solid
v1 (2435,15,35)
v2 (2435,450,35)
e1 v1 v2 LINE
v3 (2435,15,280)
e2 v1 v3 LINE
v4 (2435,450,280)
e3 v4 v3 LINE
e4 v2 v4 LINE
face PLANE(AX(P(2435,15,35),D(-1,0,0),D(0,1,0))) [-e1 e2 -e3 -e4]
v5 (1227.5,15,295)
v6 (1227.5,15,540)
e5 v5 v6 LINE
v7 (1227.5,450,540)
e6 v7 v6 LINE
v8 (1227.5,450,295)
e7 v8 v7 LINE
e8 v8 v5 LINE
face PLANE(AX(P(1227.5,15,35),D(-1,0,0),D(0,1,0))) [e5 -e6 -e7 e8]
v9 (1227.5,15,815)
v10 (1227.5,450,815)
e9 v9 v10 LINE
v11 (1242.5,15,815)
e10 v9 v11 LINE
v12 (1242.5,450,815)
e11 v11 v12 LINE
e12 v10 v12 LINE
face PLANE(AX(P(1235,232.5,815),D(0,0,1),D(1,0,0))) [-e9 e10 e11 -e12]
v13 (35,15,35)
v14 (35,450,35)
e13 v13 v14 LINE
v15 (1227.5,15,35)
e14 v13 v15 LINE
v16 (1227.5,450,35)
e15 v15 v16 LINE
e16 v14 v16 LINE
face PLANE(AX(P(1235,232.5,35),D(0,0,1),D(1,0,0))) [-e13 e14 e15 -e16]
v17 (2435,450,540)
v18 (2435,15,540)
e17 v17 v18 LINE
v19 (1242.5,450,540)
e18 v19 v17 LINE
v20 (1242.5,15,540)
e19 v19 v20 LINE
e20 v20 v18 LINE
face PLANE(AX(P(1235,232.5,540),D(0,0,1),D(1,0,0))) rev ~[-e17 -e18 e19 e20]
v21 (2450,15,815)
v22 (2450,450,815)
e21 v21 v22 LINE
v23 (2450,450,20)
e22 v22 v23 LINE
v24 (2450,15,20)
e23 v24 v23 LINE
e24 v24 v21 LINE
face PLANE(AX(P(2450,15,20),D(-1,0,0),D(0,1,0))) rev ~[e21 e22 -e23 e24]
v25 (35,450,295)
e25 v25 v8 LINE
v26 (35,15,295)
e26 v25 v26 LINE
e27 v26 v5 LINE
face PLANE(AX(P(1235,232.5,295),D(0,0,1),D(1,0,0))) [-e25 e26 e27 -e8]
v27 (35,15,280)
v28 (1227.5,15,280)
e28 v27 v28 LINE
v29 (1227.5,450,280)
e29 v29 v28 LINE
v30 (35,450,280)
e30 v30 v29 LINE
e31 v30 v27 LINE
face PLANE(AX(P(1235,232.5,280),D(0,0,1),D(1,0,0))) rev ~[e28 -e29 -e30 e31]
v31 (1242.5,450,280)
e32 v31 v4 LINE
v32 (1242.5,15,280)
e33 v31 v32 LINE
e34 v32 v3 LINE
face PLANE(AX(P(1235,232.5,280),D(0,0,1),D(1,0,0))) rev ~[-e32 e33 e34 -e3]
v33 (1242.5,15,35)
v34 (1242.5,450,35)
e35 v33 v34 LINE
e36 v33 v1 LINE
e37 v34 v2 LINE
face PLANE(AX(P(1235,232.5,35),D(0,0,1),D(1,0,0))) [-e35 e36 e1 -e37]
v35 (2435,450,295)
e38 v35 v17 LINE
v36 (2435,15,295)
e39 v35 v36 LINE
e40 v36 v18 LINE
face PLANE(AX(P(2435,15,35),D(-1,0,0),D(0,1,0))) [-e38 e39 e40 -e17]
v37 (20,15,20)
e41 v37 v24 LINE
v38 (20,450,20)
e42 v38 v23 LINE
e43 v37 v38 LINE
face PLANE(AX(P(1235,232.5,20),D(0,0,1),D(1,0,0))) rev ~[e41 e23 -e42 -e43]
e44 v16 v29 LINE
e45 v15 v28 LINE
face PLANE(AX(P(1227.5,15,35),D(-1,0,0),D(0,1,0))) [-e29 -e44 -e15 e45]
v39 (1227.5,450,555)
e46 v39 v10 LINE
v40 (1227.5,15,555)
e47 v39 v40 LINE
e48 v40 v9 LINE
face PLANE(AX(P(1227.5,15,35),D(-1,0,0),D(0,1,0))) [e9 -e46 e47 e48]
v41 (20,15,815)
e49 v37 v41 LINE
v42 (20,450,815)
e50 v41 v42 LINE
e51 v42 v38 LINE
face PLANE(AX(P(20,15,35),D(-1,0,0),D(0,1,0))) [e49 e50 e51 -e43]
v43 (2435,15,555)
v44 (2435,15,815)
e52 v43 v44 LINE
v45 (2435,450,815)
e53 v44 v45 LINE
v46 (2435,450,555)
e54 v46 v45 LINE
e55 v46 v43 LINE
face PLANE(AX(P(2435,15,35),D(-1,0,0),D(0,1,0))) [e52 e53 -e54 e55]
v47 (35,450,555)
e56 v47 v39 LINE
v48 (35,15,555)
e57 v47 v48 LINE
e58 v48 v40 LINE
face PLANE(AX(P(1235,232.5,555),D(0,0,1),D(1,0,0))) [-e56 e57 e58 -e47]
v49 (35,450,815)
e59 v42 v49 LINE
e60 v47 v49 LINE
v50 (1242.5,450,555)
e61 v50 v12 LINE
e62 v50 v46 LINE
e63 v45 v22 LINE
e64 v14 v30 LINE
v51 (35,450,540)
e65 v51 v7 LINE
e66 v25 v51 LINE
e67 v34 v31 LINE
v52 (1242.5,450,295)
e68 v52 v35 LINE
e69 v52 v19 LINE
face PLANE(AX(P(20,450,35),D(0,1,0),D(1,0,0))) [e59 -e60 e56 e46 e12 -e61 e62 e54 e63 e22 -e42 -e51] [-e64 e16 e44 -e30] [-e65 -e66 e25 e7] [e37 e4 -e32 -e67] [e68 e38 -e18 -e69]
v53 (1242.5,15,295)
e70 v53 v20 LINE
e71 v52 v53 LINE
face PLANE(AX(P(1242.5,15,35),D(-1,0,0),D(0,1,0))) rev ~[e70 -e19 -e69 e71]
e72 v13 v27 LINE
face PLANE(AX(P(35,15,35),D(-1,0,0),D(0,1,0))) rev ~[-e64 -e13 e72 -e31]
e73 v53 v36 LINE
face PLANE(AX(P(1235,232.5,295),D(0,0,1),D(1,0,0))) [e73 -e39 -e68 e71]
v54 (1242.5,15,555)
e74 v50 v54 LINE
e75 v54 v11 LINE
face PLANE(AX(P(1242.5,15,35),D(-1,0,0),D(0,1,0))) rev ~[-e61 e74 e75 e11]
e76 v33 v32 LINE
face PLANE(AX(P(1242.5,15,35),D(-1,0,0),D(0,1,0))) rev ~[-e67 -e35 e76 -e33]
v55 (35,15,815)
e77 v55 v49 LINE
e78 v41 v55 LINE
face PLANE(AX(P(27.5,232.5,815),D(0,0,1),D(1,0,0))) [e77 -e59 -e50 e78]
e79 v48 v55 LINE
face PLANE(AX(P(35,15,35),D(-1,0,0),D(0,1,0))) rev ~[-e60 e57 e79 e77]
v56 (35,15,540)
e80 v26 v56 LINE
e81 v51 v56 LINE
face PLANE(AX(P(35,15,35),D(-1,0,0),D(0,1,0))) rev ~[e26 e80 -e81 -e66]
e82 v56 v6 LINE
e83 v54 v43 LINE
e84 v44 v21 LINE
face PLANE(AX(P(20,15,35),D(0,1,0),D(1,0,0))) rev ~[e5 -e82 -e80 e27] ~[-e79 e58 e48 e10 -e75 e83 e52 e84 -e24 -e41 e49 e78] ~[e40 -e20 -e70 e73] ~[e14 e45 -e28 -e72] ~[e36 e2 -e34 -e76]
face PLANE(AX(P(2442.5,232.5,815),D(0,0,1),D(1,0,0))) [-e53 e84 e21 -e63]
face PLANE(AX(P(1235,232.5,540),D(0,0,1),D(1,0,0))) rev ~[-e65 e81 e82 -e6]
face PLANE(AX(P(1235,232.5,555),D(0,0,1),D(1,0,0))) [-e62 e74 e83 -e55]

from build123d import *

# Parameters (mm, degrees)
SKETCH004_W      = 15
SKETCH004_H      = 435
EXTRUDE004_DEPTH = 780
ARRAY_X_COUNT    = 3
ARRAY_X_PITCH    = 1207.5
SKETCH003_W      = 2430
SKETCH003_H      = 435
EXTRUDE003_DEPTH = 15
ARRAY002_Z_COUNT = 3
ARRAY002_Z_PITCH = 260


with BuildPart() as divis_rias_internas:
    # Sketch004 → Extrude004 (new body)
    with BuildSketch(Plane.XY):
        with Locations((7.5, 217.5)):
            Rectangle(SKETCH004_W, SKETCH004_H)
    extrude(amount=EXTRUDE004_DEPTH)

    # Array X: Divisórias internas ×3


with BuildPart() as divis_rias_internas_1:
    add(divis_rias_internas.part)
    with Locations(*[(i * ARRAY_X_PITCH, 0, 0) for i in range(1, ARRAY_X_COUNT)]):
        add(divis_rias_internas.part)


with BuildPart() as divis_rias_internas_2:
    # Array placement: moved
    add(divis_rias_internas_1.part.moved(Location((20, 15, 35))))


with BuildPart() as divis_o_interna:
    # Sketch003 → Extrude003 (new body)
    with BuildSketch(Plane.XY):
        with Locations((1215, 217.5)):
            Rectangle(SKETCH003_W, SKETCH003_H)
    extrude(amount=EXTRUDE003_DEPTH)


with BuildPart() as divis_o_interna_1:
    # Extrude003 placement: moved
    add(divis_o_interna.part.moved(Location((20, 15, 20))))

    # Array002 Z: Divisão interna ×3


with BuildPart() as divis_o_interna_2:
    add(divis_o_interna_1.part)
    with Locations(*[(0, 0, i * ARRAY002_Z_PITCH) for i in range(1, ARRAY002_Z_COUNT)]):
        add(divis_o_interna_1.part)

    # Fusion001: union Divisórias internas
    add(divis_rias_internas_2.part)


solid = divis_o_interna_2.part
